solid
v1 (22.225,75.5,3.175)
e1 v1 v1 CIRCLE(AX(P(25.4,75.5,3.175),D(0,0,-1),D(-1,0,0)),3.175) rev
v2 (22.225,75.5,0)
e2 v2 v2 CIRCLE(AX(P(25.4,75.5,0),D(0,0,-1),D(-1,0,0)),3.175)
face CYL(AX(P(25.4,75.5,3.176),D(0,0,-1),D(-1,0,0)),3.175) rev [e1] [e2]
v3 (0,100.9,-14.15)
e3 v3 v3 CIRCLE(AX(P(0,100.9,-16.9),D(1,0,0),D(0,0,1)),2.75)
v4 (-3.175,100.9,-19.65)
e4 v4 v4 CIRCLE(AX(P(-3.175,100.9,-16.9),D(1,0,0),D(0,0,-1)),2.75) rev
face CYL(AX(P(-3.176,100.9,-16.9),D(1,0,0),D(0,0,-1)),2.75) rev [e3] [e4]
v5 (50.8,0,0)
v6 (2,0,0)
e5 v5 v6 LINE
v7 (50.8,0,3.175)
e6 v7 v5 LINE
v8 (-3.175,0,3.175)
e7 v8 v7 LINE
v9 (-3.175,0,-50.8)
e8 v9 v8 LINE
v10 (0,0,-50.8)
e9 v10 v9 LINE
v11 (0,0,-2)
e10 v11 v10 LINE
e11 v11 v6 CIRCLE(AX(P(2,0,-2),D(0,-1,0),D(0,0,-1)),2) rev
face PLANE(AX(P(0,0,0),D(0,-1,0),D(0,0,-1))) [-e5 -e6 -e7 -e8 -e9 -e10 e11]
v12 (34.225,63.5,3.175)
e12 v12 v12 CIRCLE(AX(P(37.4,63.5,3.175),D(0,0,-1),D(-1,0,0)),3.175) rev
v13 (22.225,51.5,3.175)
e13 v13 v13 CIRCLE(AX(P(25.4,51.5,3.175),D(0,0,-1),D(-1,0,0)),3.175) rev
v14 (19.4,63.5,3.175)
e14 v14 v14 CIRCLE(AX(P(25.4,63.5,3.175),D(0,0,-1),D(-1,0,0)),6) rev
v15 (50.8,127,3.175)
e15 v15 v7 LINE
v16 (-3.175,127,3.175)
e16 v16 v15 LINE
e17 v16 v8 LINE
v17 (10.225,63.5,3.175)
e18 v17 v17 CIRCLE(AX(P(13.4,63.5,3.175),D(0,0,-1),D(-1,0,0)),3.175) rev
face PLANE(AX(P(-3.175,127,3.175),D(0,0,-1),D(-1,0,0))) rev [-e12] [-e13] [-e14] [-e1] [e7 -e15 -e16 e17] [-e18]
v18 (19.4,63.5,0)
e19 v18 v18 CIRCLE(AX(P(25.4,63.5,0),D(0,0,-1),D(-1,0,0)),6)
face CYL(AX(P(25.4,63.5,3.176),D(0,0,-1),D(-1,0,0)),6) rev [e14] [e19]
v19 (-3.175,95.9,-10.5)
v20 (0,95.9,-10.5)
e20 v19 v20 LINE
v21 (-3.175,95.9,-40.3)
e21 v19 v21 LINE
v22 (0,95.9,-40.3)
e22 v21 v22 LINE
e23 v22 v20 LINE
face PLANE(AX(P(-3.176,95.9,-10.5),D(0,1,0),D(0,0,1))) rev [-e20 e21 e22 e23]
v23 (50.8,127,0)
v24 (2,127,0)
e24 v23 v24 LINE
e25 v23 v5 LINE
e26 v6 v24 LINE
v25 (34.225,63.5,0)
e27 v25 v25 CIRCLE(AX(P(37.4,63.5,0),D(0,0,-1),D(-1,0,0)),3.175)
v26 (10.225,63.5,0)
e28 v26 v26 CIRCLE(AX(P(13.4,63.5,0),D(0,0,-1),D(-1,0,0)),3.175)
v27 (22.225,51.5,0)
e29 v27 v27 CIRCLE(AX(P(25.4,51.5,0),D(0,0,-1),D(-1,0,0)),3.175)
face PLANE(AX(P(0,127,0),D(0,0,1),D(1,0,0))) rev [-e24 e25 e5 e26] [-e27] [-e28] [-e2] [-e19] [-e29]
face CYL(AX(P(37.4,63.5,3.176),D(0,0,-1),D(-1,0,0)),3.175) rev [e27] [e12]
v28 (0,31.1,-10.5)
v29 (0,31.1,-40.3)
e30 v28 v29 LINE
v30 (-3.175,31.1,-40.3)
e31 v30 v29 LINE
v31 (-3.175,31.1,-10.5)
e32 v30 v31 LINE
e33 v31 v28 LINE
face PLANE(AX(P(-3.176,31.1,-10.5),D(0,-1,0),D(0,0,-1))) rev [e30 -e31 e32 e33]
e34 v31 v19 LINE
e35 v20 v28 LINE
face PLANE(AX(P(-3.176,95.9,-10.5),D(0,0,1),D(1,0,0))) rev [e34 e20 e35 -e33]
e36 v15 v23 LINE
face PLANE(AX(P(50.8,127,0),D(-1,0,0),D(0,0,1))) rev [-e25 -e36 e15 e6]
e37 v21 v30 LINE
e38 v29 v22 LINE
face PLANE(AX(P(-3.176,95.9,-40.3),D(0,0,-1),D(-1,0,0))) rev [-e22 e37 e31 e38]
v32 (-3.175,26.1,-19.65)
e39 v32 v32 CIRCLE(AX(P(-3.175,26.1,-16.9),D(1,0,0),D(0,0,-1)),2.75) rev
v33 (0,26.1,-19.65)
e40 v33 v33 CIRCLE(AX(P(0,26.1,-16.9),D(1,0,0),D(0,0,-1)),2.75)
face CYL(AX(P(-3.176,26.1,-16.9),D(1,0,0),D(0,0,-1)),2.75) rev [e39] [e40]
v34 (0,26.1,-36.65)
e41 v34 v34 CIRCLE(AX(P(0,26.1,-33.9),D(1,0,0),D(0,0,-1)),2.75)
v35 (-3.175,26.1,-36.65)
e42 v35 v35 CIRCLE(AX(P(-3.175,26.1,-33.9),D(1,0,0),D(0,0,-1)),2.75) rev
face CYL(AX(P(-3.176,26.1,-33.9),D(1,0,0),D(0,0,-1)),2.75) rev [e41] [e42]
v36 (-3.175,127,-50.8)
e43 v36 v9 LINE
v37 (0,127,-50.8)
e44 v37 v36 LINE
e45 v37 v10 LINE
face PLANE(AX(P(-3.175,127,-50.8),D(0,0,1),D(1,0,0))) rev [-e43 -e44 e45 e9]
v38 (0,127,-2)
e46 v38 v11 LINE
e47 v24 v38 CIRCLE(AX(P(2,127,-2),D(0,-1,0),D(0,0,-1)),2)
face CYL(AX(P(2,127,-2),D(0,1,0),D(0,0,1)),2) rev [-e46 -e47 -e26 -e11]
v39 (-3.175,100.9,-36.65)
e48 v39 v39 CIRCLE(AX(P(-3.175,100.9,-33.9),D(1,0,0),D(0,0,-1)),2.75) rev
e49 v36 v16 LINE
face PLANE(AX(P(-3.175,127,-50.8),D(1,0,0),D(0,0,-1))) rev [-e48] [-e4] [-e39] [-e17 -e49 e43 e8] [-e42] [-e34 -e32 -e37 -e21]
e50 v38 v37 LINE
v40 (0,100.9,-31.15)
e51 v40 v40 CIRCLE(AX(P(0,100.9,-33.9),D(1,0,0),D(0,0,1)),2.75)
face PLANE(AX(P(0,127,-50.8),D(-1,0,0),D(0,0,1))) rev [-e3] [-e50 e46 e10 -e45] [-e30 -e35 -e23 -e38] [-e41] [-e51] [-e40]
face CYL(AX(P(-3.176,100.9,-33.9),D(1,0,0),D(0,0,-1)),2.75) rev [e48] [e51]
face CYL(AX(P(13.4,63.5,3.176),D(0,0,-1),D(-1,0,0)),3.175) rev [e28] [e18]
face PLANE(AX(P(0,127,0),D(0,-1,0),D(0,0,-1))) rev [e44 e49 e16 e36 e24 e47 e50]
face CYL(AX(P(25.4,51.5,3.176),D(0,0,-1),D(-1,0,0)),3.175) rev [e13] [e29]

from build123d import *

# Parameters (mm, degrees)
BOSS_EXTRUDE1_DEPTH = 127
CUT_EXTRUDE1_REACH  = 147.912
SKETCH2_R           = 6
SKETCH2_R_2         = 3.175
CUT_EXTRUDE2_REACH  = 147.912
SKETCH3_R           = 2.75
SKETCH3_W           = 29.8
SKETCH3_H           = 64.8
FILLET1_R           = 2


with BuildPart() as part:
    # Sketch1 → Boss-Extrude1 (new body)
    with BuildSketch(Plane(origin=(0, 0, 0), x_dir=(1, 0, 0), z_dir=(0, 1, 0))):
        Polygon((0, 50.8), (0, 0), (50.8, 0), (50.8, -3.175), (-3.175, -3.175), (-3.175, 50.8), align=None)
    extrude(amount=BOSS_EXTRUDE1_DEPTH)

    # Sketch2 → Cut-Extrude1 (cut, up to next)
    with BuildSketch(Plane(origin=(0, 0, 0), x_dir=(-1, 0, 0), z_dir=(0, 0, -1)), mode=Mode.PRIVATE) as cut_extrude1_sk1:
        with Locations((-25.4, 63.5)):
            Circle(SKETCH2_R)
    cut_extrude1_tool1 = extrude(cut_extrude1_sk1.sketch, amount=-CUT_EXTRUDE1_REACH, mode=Mode.PRIVATE) & part.part
    # Sketch2 → Cut-Extrude1 (cut, up to next)
    with BuildSketch(Plane(origin=(0, 0, 0), x_dir=(-1, 0, 0), z_dir=(0, 0, -1)), mode=Mode.PRIVATE) as cut_extrude1_sk2:
        with Locations((-25.4, 75.5)):
            Circle(SKETCH2_R_2)
    cut_extrude1_tool2 = extrude(cut_extrude1_sk2.sketch, amount=-CUT_EXTRUDE1_REACH, mode=Mode.PRIVATE) & part.part
    # Sketch2 → Cut-Extrude1 (cut, up to next)
    with BuildSketch(Plane(origin=(0, 0, 0), x_dir=(-1, 0, 0), z_dir=(0, 0, -1)), mode=Mode.PRIVATE) as cut_extrude1_sk3:
        with Locations((-13.4, 63.5)):
            Circle(SKETCH2_R_2)
    cut_extrude1_tool3 = extrude(cut_extrude1_sk3.sketch, amount=-CUT_EXTRUDE1_REACH, mode=Mode.PRIVATE) & part.part
    # Sketch2 → Cut-Extrude1 (cut, up to next)
    with BuildSketch(Plane(origin=(0, 0, 0), x_dir=(-1, 0, 0), z_dir=(0, 0, -1)), mode=Mode.PRIVATE) as cut_extrude1_sk4:
        with Locations((-25.4, 51.5)):
            Circle(SKETCH2_R_2)
    cut_extrude1_tool4 = extrude(cut_extrude1_sk4.sketch, amount=-CUT_EXTRUDE1_REACH, mode=Mode.PRIVATE) & part.part
    # Sketch2 → Cut-Extrude1 (cut, up to next)
    with BuildSketch(Plane(origin=(0, 0, 0), x_dir=(-1, 0, 0), z_dir=(0, 0, -1)), mode=Mode.PRIVATE) as cut_extrude1_sk5:
        with Locations((-37.4, 63.5)):
            Circle(SKETCH2_R_2)
    cut_extrude1_tool5 = extrude(cut_extrude1_sk5.sketch, amount=-CUT_EXTRUDE1_REACH, mode=Mode.PRIVATE) & part.part
    add(cut_extrude1_tool1.solids().sort_by_distance((25.4, 63.5, 0))[0], mode=Mode.SUBTRACT)
    add(cut_extrude1_tool2.solids().sort_by_distance((25.4, 75.5, 0))[0], mode=Mode.SUBTRACT)
    add(cut_extrude1_tool3.solids().sort_by_distance((13.4, 63.5, 0))[0], mode=Mode.SUBTRACT)
    add(cut_extrude1_tool4.solids().sort_by_distance((25.4, 51.5, 0))[0], mode=Mode.SUBTRACT)
    add(cut_extrude1_tool5.solids().sort_by_distance((37.4, 63.5, 0))[0], mode=Mode.SUBTRACT)

    # Sketch3 → Cut-Extrude2 (cut, up to next)
    with BuildSketch(Plane(origin=(0, 0, 0), x_dir=(0, 0, -1), z_dir=(1, 0, 0)), mode=Mode.PRIVATE) as cut_extrude2_sk1:
        with Locations((33.9, 100.9)):
            Circle(SKETCH3_R)
    cut_extrude2_tool1 = extrude(cut_extrude2_sk1.sketch, amount=-CUT_EXTRUDE2_REACH, mode=Mode.PRIVATE) & part.part
    # Sketch3 → Cut-Extrude2 (cut, up to next)
    with BuildSketch(Plane(origin=(0, 0, 0), x_dir=(0, 0, -1), z_dir=(1, 0, 0)), mode=Mode.PRIVATE) as cut_extrude2_sk2:
        with Locations((16.9, 100.9)):
            Circle(SKETCH3_R)
    cut_extrude2_tool2 = extrude(cut_extrude2_sk2.sketch, amount=-CUT_EXTRUDE2_REACH, mode=Mode.PRIVATE) & part.part
    # Sketch3 → Cut-Extrude2 (cut, up to next)
    with BuildSketch(Plane(origin=(0, 0, 0), x_dir=(0, 0, -1), z_dir=(1, 0, 0)), mode=Mode.PRIVATE) as cut_extrude2_sk3:
        with Locations((16.9, 26.1)):
            Circle(SKETCH3_R)
    cut_extrude2_tool3 = extrude(cut_extrude2_sk3.sketch, amount=-CUT_EXTRUDE2_REACH, mode=Mode.PRIVATE) & part.part
    # Sketch3 → Cut-Extrude2 (cut, up to next)
    with BuildSketch(Plane(origin=(0, 0, 0), x_dir=(0, 0, -1), z_dir=(1, 0, 0)), mode=Mode.PRIVATE) as cut_extrude2_sk4:
        with Locations((33.9, 26.1)):
            Circle(SKETCH3_R)
    cut_extrude2_tool4 = extrude(cut_extrude2_sk4.sketch, amount=-CUT_EXTRUDE2_REACH, mode=Mode.PRIVATE) & part.part
    # Sketch3 → Cut-Extrude2 (cut, up to next)
    with BuildSketch(Plane(origin=(0, 0, 0), x_dir=(0, 0, -1), z_dir=(1, 0, 0)), mode=Mode.PRIVATE) as cut_extrude2_sk5:
        with Locations((25.4, 63.5)):
            Rectangle(SKETCH3_W, SKETCH3_H)
    cut_extrude2_tool5 = extrude(cut_extrude2_sk5.sketch, amount=-CUT_EXTRUDE2_REACH, mode=Mode.PRIVATE) & part.part
    add(cut_extrude2_tool1.solids().sort_by_distance((0, 100.9, -33.9))[0], mode=Mode.SUBTRACT)
    add(cut_extrude2_tool2.solids().sort_by_distance((0, 100.9, -16.9))[0], mode=Mode.SUBTRACT)
    add(cut_extrude2_tool3.solids().sort_by_distance((0, 26.1, -16.9))[0], mode=Mode.SUBTRACT)
    add(cut_extrude2_tool4.solids().sort_by_distance((0, 26.1, -33.9))[0], mode=Mode.SUBTRACT)
    add(cut_extrude2_tool5.solids().sort_by_distance((0, 63.5, -25.4))[0], mode=Mode.SUBTRACT)

    # Fillet1
    fillet1_edges = [part.edges().sort_by_distance(p)[0] for p in [
        (0, 63.5, 0),
    ]]
    fillet(fillet1_edges, radius=FILLET1_R)


solid = part.part
